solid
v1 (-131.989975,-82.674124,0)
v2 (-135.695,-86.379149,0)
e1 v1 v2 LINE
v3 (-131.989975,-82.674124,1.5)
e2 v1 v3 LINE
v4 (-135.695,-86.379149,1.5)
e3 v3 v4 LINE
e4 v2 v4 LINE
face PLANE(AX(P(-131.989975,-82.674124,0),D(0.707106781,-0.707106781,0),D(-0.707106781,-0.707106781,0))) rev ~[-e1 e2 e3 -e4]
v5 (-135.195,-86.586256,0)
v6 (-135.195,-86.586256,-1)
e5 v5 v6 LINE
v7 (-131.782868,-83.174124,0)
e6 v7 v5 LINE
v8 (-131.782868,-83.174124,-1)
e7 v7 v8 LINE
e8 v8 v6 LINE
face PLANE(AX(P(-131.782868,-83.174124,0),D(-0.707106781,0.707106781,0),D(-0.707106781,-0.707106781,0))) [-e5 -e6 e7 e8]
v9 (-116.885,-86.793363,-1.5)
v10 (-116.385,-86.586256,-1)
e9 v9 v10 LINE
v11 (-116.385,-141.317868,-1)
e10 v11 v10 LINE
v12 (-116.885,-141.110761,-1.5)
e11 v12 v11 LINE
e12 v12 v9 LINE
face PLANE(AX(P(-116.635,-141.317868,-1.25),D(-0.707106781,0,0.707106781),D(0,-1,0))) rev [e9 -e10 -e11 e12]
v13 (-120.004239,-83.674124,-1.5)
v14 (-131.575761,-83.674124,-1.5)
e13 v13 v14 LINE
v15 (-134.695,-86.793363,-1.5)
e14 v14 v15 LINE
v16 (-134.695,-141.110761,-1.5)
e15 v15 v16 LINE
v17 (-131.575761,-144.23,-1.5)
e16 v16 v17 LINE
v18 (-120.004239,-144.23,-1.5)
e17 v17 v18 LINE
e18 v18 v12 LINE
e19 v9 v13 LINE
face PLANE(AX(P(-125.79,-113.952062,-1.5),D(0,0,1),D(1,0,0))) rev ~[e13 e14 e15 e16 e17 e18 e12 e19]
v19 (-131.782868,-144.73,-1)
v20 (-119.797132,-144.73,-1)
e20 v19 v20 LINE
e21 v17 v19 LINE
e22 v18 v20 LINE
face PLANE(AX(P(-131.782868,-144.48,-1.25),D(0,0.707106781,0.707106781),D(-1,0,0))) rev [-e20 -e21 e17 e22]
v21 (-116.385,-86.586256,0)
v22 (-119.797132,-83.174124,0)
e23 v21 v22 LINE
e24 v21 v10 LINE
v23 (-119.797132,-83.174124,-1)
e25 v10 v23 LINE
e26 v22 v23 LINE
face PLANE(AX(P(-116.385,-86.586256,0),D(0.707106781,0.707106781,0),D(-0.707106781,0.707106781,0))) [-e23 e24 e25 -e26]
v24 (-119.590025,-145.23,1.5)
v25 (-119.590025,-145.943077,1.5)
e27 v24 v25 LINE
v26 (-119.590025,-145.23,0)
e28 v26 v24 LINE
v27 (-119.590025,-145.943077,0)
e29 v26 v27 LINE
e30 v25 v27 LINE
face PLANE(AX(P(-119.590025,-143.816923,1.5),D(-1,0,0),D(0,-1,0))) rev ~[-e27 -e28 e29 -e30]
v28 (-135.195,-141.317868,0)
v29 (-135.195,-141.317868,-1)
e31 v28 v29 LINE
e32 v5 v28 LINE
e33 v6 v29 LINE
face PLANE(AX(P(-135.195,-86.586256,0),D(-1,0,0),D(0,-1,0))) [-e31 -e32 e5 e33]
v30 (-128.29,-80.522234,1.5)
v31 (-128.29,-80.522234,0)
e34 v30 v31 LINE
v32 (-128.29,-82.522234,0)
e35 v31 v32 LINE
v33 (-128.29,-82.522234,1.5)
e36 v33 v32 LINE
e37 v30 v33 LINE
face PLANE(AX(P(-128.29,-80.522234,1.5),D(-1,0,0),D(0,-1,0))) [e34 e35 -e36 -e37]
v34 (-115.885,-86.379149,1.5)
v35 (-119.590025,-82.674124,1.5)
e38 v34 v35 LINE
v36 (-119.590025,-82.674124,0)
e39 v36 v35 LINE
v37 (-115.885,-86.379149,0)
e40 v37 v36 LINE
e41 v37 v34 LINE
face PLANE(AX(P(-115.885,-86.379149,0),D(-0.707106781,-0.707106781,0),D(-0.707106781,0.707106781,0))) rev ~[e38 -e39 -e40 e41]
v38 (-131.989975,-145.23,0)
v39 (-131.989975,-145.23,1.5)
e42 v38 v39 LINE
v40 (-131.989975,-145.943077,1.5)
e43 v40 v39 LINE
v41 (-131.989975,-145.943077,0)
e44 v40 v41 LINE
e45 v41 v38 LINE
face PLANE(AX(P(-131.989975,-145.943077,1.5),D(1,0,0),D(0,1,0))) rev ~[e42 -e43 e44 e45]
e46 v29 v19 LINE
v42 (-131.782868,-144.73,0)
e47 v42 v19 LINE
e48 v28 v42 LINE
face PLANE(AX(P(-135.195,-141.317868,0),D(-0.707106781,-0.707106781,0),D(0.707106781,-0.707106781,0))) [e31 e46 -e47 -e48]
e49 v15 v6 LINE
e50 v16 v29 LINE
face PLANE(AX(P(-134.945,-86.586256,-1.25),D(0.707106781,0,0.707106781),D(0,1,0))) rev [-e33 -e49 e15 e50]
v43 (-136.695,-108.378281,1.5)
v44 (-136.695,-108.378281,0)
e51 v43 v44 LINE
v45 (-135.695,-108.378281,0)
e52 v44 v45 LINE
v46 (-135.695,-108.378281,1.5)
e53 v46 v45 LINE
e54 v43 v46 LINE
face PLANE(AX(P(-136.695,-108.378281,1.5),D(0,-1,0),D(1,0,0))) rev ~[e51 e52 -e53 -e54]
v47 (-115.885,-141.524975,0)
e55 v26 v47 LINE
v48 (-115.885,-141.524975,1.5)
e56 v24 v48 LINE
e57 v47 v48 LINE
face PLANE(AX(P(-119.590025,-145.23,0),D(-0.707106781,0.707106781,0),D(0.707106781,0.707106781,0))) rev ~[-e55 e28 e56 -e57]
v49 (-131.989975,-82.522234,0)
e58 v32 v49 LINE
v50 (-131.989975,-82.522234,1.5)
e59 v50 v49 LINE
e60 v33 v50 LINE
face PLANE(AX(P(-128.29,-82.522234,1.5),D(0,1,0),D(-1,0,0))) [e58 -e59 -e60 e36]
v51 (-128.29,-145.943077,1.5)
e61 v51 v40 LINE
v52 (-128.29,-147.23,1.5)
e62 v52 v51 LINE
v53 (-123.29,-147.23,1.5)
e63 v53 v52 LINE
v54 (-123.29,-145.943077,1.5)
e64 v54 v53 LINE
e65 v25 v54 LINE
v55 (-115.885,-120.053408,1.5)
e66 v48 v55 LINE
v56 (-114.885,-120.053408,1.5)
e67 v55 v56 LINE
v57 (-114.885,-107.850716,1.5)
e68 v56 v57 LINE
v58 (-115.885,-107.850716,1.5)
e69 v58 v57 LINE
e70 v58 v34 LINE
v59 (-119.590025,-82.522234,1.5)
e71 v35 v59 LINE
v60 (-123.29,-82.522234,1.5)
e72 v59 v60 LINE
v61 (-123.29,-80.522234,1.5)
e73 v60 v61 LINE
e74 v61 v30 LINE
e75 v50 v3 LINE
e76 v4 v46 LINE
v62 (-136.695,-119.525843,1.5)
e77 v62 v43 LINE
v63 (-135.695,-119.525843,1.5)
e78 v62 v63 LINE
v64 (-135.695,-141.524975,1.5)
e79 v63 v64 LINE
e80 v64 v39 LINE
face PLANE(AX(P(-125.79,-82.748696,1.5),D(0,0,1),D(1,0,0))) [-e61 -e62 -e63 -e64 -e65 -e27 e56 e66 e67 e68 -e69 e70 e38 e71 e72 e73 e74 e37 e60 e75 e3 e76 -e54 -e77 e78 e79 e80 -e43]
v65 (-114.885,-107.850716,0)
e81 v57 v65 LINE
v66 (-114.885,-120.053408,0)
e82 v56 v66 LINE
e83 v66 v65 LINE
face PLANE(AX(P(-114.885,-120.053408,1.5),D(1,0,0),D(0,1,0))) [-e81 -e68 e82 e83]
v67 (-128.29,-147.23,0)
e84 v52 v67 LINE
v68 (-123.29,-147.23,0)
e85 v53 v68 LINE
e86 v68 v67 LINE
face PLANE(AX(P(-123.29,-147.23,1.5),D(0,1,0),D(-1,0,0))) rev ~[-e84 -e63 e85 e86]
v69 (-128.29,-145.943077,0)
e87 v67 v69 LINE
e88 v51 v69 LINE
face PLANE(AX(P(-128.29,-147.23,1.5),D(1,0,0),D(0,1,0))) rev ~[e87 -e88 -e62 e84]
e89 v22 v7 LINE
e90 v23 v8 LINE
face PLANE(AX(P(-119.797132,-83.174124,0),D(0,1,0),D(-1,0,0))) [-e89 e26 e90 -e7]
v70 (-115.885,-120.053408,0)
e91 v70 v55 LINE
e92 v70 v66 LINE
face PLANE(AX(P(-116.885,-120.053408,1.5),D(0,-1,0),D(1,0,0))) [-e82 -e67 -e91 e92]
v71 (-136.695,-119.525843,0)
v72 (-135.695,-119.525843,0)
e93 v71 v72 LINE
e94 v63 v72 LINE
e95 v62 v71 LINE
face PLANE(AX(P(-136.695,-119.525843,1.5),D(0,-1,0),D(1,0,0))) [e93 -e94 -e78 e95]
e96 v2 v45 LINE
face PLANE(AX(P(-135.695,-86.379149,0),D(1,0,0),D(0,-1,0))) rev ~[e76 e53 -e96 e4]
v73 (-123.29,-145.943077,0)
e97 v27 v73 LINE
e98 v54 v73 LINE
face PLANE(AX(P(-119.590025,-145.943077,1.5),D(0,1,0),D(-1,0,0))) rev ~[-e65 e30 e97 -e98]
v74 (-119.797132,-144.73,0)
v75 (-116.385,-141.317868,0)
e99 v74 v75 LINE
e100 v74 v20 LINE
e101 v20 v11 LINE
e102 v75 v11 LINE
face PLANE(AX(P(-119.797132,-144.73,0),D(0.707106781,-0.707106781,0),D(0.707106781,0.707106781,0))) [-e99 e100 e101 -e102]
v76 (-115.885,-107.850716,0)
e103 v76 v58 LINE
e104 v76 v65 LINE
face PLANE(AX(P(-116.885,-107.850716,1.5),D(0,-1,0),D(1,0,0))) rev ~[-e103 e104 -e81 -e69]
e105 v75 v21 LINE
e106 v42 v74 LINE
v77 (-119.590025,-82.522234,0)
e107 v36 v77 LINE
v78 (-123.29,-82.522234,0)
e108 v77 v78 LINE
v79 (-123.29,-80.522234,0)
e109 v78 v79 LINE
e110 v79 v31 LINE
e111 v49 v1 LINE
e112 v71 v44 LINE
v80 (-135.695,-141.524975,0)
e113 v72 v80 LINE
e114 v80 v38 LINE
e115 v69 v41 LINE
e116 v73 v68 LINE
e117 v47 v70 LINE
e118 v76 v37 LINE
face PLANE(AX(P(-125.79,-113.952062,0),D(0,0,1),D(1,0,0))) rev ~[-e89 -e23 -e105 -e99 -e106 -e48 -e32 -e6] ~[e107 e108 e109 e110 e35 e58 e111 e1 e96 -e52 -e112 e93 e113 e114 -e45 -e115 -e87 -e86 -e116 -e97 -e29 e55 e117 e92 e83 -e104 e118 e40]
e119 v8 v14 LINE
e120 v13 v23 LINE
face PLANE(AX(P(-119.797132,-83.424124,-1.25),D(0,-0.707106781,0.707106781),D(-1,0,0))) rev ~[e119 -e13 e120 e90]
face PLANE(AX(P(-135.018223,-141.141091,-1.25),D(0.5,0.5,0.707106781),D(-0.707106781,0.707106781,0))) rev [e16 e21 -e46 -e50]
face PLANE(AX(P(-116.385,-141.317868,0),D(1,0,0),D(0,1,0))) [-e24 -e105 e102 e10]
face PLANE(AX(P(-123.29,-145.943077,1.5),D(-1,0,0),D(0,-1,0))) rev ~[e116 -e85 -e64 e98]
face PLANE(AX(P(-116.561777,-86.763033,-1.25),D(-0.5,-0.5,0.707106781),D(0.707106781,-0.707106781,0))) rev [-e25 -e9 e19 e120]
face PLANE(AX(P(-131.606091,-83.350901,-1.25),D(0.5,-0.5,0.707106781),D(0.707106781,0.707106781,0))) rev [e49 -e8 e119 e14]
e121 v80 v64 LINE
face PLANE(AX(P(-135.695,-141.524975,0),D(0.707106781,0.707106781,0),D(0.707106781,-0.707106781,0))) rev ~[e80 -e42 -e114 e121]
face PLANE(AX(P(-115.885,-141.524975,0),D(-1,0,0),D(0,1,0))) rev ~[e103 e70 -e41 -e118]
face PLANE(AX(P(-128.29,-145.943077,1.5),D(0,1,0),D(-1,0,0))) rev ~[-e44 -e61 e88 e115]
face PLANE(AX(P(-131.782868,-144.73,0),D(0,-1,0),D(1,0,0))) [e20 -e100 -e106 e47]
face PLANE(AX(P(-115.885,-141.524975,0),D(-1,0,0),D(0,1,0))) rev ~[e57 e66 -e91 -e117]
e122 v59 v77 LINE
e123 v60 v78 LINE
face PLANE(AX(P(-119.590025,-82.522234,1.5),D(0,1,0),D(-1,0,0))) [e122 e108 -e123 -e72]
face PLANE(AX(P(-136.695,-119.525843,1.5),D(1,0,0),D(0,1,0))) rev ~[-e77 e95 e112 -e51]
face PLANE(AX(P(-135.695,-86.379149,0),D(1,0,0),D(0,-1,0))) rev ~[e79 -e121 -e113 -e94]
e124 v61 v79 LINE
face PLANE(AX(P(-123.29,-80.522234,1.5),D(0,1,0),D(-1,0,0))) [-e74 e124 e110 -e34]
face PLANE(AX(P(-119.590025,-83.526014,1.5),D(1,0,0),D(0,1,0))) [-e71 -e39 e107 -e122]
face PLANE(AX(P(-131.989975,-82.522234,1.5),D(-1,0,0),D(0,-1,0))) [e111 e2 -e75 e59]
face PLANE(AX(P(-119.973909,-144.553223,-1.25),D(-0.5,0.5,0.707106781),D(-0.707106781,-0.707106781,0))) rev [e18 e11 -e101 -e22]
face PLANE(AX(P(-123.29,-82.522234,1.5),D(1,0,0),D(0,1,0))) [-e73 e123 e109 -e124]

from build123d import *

# Parameters (mm, degrees)
BOSS_EXTRUDE1_DEPTH = 1.5
BOSS_EXTRUDE2_DEPTH = 1.5
SKETCH3_W           = 2
SKETCH3_H           = 12.202692118
SKETCH3_H_2         = 11.147562167
BOSS_EXTRUDE3_DEPTH = 1.5
CHAMFER2_SIZE       = 0.5


with BuildPart() as part:
    # Sketch1 → Boss-Extrude1 (new body)
    with BuildSketch(Plane.XY):
        Polygon((-135.194999999, -141.317867967), (-131.782867965, -144.730000001), (-119.797132034, -144.730000001), (-116.384999999, -141.317867967), (-116.384999999, -86.586255973), (-119.797132034, -83.174123939), (-131.782867965, -83.174123939), (-135.194999999, -86.586255973), align=None)
    extrude(amount=-BOSS_EXTRUDE1_DEPTH)

    # Sketch2 → Boss-Extrude2 (add)
    with BuildSketch(Plane.XY):
        Polygon((-135.694999999, -86.379149192), (-135.694999999, -141.524974748), (-131.989974746, -145.230000001), (-119.590025252, -145.230000001), (-115.884999999, -141.524974748), (-115.884999999, -86.379149192), (-119.590025252, -82.674123939), (-131.989974746, -82.674123939), align=None)
    extrude(amount=BOSS_EXTRUDE2_DEPTH)

    # Sketch3 → Boss-Extrude3 (add)
    with BuildSketch(Plane.XY.offset(1.5)):
        Polygon((-131.989974746, -83.526014077), (-128.289999999, -83.526014077), (-128.289999999, -84.5222338), (-123.289999999, -84.5222338), (-123.289999999, -83.526014077), (-119.590025252, -83.526014077), (-119.590025252, -82.5222338), (-123.289999999, -82.5222338), (-123.289999999, -80.5222338), (-128.289999999, -80.5222338), (-128.289999999, -82.5222338), (-131.989974746, -82.5222338), align=None)
        Polygon((-131.989974746, -143.816923353), (-128.289999999, -143.816923353), (-128.289999999, -143.230000001), (-123.289999999, -143.230000001), (-123.289999999, -143.816923353), (-119.590025252, -143.816923353), (-119.590025252, -145.943076649), (-123.289999999, -145.943076649), (-123.289999999, -147.230000001), (-128.289999999, -147.230000001), (-128.289999999, -145.943076649), (-131.989974746, -145.943076649), align=None)
        with Locations((-115.884999999, -113.95206197)):
            Rectangle(SKETCH3_W, SKETCH3_H)
        with Locations((-135.694999999, -113.95206197)):
            Rectangle(SKETCH3_W, SKETCH3_H_2)
    extrude(amount=-BOSS_EXTRUDE3_DEPTH)

    # Chamfer2
    chamfer2_edges = [part.edges().sort_by_distance(p)[0] for p in [
        (-125.789999999, -144.730000001, -1.5),
        (-118.091066016, -143.023933984, -1.5),
        (-116.384999999, -113.95206197, -1.5),
        (-118.091066016, -84.880189956, -1.5),
        (-125.789999999, -83.174123939, -1.5),
        (-133.488933982, -84.880189956, -1.5),
        (-135.194999999, -113.95206197, -1.5),
        (-133.488933982, -143.023933984, -1.5),
    ]]
    chamfer(chamfer2_edges, length=CHAMFER2_SIZE)


solid = part.part
